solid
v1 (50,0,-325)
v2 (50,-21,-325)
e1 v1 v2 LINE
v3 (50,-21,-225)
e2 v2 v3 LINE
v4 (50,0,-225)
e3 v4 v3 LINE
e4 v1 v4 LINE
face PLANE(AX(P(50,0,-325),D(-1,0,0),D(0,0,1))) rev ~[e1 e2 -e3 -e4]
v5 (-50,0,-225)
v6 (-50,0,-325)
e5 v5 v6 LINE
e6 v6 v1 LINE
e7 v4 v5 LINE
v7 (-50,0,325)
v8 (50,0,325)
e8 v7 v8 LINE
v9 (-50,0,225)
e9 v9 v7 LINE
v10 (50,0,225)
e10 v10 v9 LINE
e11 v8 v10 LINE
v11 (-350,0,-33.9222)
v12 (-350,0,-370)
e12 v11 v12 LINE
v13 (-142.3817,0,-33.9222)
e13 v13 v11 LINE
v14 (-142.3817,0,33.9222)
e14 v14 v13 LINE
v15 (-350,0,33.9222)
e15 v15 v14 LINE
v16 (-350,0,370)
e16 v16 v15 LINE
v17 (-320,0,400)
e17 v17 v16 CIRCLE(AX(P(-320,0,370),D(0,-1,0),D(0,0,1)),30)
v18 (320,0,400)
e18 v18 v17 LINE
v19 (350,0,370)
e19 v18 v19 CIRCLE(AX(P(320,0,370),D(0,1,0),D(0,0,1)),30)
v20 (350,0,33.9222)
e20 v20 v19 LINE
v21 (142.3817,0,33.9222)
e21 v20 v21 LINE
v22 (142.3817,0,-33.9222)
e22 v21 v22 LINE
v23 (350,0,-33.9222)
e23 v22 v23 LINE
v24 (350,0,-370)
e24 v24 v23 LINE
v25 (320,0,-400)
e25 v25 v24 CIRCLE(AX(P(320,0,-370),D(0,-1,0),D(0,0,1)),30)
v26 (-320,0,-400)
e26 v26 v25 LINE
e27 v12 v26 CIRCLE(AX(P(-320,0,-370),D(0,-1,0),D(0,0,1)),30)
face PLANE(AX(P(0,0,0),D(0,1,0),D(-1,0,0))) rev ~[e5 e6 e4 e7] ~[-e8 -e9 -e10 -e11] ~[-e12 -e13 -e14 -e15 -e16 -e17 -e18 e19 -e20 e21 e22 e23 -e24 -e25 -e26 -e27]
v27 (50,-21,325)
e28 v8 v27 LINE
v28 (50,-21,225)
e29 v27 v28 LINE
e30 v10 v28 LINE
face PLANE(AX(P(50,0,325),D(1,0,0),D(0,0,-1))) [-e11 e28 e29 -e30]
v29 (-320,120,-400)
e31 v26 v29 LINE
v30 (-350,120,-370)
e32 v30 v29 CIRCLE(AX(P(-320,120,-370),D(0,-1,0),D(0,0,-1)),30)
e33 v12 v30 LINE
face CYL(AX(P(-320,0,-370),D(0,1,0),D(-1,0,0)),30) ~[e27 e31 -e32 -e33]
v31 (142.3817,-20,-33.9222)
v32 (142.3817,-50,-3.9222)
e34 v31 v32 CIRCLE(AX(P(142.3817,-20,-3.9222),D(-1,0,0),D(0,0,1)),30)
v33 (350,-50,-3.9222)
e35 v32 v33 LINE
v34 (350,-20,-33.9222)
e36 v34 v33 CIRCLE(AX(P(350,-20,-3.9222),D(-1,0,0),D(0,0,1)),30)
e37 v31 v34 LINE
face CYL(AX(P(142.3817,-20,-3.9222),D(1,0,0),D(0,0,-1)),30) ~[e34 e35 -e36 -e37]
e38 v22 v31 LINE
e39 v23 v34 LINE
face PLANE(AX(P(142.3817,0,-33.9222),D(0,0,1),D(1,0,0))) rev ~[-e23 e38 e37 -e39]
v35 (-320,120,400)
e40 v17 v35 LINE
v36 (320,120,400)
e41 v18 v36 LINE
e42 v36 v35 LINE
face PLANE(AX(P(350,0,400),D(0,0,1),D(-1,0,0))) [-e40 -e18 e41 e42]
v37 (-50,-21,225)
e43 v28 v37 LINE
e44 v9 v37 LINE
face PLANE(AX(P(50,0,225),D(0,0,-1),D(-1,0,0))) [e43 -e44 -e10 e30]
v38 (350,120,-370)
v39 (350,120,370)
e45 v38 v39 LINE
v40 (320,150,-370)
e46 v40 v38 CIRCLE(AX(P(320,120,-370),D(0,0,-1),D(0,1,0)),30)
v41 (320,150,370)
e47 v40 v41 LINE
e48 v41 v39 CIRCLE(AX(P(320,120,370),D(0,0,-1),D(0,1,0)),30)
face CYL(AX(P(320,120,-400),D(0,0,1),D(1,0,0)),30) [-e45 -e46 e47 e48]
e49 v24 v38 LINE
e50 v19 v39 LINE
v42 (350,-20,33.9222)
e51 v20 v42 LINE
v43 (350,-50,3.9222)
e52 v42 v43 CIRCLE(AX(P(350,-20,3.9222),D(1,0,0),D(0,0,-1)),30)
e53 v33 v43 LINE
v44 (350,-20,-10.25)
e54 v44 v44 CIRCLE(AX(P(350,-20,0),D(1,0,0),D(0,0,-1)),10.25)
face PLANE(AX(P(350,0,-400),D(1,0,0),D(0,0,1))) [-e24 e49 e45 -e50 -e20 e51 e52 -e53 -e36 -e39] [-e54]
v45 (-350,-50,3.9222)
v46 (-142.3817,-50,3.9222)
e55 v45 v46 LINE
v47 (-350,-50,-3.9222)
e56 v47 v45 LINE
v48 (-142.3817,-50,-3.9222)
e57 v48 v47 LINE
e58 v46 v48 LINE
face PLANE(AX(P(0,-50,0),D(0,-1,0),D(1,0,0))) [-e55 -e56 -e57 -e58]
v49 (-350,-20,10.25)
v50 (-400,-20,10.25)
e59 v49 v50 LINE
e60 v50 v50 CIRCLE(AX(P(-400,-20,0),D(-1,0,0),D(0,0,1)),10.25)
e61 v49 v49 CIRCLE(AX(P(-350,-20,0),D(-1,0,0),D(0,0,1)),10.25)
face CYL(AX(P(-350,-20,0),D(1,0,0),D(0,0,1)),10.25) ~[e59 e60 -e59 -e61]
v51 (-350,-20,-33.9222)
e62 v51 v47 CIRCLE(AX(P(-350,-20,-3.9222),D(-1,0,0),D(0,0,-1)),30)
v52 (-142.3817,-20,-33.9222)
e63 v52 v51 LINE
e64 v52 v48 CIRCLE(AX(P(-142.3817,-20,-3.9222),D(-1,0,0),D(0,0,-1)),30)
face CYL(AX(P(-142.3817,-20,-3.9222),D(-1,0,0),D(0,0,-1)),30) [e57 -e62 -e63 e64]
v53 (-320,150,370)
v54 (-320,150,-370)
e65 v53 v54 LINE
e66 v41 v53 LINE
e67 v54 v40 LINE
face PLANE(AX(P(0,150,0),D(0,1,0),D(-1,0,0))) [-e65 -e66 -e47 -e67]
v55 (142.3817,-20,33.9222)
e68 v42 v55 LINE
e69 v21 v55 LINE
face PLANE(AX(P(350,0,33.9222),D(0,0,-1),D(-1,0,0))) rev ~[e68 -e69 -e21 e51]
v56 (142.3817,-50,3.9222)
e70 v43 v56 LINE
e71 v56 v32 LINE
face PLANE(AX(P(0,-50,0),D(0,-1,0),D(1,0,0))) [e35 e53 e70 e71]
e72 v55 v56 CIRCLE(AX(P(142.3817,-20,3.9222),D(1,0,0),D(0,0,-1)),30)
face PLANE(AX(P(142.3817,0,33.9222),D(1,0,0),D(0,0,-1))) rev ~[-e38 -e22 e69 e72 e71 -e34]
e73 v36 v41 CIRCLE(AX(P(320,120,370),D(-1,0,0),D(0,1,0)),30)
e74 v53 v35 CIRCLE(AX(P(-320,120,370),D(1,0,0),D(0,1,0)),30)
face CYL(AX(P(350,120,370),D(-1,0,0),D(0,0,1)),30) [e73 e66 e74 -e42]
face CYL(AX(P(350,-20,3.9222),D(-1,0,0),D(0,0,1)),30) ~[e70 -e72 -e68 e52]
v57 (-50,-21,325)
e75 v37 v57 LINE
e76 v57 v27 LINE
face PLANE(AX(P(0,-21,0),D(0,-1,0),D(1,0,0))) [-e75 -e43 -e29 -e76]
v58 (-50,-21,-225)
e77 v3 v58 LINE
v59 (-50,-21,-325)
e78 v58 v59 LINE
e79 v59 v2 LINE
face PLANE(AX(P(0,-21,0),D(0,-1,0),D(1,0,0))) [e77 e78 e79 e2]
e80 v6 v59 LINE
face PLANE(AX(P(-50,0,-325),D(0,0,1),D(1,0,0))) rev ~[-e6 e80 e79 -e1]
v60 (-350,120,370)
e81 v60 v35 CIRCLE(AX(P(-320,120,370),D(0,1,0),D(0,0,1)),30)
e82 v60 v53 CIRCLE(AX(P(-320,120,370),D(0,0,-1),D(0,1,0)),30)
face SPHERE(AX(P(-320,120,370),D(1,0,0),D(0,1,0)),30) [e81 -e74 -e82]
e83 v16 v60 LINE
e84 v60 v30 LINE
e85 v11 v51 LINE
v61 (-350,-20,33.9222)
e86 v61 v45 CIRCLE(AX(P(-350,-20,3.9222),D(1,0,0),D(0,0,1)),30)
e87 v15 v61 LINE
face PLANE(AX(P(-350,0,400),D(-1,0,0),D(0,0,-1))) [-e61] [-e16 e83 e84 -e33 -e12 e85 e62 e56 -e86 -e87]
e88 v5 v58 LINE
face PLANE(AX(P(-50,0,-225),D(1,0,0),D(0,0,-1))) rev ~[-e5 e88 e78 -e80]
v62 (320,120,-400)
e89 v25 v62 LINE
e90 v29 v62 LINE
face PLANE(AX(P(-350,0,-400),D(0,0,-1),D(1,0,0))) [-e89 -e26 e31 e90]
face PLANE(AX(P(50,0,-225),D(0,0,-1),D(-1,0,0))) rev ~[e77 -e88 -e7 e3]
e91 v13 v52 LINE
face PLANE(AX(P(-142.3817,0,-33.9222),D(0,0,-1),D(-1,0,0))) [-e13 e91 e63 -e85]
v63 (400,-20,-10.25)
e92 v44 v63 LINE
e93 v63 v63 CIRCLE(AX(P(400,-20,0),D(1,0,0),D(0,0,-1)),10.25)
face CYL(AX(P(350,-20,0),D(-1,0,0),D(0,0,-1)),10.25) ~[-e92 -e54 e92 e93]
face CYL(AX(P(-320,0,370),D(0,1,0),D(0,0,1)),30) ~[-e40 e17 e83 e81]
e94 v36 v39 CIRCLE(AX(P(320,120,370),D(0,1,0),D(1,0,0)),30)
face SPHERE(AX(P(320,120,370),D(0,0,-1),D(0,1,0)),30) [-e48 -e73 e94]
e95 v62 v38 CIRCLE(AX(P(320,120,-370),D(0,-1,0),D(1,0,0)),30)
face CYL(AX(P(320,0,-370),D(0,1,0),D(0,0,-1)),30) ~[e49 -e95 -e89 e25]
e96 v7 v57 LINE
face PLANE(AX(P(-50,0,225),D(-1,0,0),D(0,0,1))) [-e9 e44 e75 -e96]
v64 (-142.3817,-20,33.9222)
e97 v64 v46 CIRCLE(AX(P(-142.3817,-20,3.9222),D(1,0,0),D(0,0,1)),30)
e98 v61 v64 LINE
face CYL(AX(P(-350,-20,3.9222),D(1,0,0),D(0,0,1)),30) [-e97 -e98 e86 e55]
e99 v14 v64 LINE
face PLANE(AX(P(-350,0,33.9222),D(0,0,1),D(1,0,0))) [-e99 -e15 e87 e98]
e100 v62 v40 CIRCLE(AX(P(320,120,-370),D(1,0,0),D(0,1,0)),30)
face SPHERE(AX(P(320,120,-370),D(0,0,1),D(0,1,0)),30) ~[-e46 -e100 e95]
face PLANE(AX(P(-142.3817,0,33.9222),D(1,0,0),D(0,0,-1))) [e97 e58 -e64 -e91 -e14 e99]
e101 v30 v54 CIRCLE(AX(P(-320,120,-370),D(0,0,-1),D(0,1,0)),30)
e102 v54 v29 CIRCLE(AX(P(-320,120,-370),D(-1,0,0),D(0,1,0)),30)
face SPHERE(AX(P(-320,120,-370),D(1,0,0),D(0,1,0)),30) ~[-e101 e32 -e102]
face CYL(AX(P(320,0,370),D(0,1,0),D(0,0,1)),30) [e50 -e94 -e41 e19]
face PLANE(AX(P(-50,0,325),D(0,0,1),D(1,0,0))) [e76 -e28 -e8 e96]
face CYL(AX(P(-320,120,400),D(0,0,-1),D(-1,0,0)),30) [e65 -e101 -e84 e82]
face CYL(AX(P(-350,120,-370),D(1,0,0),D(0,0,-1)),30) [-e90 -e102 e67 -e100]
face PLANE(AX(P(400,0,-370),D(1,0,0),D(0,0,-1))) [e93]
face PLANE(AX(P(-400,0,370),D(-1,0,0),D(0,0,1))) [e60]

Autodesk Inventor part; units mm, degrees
ref_plane "YZ Plane" through (0, 0, 0) normal (1, 0, 0) x (0, 1, 0)
ref_plane "XZ Plane" through (0, 0, 0) normal (0, 1, 0) x (-1, 0, 0)
ref_plane "XY Plane" through (0, 0, 0) normal (0, 0, 1) x (1, 0, 0)
sketch "Boceto1" plane through (0, 0, 0) normal (0, 1, 0) x (-1, 0, 0)
  line L0 (-350, 400) -> (350, 400)
  line L1 (350, 400) -> (350, -400)
  line L2 (350, -400) -> (-350, -400)
  line L3 (-350, -400) -> (-350, 400)
  line L4 (-350, 400) -> (350, -400) construction
  line L5 (350, 400) -> (-350, -400) construction
  point P0 (0, 0)
  dimension "d0" = 700
  dimension "d1" = 800
extrude "Extrusión1" add sketch "Boceto1" along normal blind 150
fillet "Empalme1" radius 30 8 edges at (350, 150, 0) (0, 150, -400) (0, 150, 400) (-350, 150, 0) (-350, 75, 400) (350, 75, 400) (350, 75, -400) (-350, 75, -400)
sketch "Boceto2" plane through (0, 0, 0) normal (0, -1, 0) x (1, 0, 0)
  line L0 (-350, -370) -> (-350, 370) projected
  line L1 (-142.3817, -33.9222) -> (-350, -33.9222)
  line L2 (-350, -33.9222) -> (-350, 33.9222)
  line L3 (-350, 33.9222) -> (-142.3817, 33.9222)
  line L4 (-142.3817, 33.9222) -> (-142.3817, -33.9222)
  line L5 (-142.3817, -33.9222) -> (-350, 33.9222) construction
  line L6 (-350, -33.9222) -> (-142.3817, 33.9222) construction
  line L7 (0, 160.6517) -> (0, -134.4555)
  line L8 (142.3817, -33.9222) -> (350, -33.9222)
  line L9 (350, -33.9222) -> (350, 33.9222)
  line L10 (350, 33.9222) -> (142.3817, 33.9222)
  line L11 (142.3817, 33.9222) -> (142.3817, -33.9222)
  line L12 (142.3817, -33.9222) -> (350, 33.9222) construction
  line L13 (350, -33.9222) -> (142.3817, 33.9222) construction
  point P0 (0, 0)
  point P1 (-246.1908, 0)
  point P2 (246.1908, 0)
extrude "Extrusión2" add sketch "Boceto2" along normal blind 50
fillet "Empalme2" radius 30 4 edges at (-246.1908, -50, 33.9222) (-246.1908, -50, -33.9222) (246.1908, -50, 33.9222) (246.1908, -50, -33.9222)
sketch "Boceto3" plane through (-350, 0, 370) normal (-1, 0, 0) x (0, 0, 1)
  circle A0 centre (-370, -20) radius 10.25
  point P0 (-370, 0)
  dimension "d8" = 20.5
extrude "Extrusión3" add sketch "Boceto3" along normal blind 50
sketch "Boceto4" plane through (350, 0, -370) normal (1, 0, 0) x (0, 0, -1)
  circle A0 centre (-370, -20) radius 10.25 projected
  circle A1 centre (-370, -20) radius 10.25
  point P0 (-370, 0)
extrude "Extrusión4" add sketch "Boceto4" along normal blind 50
sketch "Boceto5" plane through (0, 0, 0) normal (0, -1, 0) x (1, 0, 0)
  line L0 (-50, 325) -> (50, 325)
  line L1 (50, 325) -> (50, 225)
  line L2 (50, 225) -> (-50, 225)
  line L3 (-50, 225) -> (-50, 325)
  line L4 (-50, 325) -> (50, 225) construction
  line L5 (50, 325) -> (-50, 225) construction
  line L6 (-320, 400) -> (320, 400) projected
  line L7 (123.2582, 0) -> (-96.8001, 0)
  line L8 (-50, -325) -> (50, -325)
  line L9 (50, -325) -> (50, -225)
  line L10 (50, -225) -> (-50, -225)
  line L11 (-50, -225) -> (-50, -325)
  line L12 (-50, -325) -> (50, -225) construction
  line L13 (50, -325) -> (-50, -225) construction
  point P0 (0, 0)
  point P1 (0, 275)
  point P2 (0, -275)
  dimension "d13" = 100
  dimension "d14" = 100
  dimension "d15" = 75
extrude "Extrusión5" add sketch "Boceto5" along normal blind 21
properties part number "base_link"
